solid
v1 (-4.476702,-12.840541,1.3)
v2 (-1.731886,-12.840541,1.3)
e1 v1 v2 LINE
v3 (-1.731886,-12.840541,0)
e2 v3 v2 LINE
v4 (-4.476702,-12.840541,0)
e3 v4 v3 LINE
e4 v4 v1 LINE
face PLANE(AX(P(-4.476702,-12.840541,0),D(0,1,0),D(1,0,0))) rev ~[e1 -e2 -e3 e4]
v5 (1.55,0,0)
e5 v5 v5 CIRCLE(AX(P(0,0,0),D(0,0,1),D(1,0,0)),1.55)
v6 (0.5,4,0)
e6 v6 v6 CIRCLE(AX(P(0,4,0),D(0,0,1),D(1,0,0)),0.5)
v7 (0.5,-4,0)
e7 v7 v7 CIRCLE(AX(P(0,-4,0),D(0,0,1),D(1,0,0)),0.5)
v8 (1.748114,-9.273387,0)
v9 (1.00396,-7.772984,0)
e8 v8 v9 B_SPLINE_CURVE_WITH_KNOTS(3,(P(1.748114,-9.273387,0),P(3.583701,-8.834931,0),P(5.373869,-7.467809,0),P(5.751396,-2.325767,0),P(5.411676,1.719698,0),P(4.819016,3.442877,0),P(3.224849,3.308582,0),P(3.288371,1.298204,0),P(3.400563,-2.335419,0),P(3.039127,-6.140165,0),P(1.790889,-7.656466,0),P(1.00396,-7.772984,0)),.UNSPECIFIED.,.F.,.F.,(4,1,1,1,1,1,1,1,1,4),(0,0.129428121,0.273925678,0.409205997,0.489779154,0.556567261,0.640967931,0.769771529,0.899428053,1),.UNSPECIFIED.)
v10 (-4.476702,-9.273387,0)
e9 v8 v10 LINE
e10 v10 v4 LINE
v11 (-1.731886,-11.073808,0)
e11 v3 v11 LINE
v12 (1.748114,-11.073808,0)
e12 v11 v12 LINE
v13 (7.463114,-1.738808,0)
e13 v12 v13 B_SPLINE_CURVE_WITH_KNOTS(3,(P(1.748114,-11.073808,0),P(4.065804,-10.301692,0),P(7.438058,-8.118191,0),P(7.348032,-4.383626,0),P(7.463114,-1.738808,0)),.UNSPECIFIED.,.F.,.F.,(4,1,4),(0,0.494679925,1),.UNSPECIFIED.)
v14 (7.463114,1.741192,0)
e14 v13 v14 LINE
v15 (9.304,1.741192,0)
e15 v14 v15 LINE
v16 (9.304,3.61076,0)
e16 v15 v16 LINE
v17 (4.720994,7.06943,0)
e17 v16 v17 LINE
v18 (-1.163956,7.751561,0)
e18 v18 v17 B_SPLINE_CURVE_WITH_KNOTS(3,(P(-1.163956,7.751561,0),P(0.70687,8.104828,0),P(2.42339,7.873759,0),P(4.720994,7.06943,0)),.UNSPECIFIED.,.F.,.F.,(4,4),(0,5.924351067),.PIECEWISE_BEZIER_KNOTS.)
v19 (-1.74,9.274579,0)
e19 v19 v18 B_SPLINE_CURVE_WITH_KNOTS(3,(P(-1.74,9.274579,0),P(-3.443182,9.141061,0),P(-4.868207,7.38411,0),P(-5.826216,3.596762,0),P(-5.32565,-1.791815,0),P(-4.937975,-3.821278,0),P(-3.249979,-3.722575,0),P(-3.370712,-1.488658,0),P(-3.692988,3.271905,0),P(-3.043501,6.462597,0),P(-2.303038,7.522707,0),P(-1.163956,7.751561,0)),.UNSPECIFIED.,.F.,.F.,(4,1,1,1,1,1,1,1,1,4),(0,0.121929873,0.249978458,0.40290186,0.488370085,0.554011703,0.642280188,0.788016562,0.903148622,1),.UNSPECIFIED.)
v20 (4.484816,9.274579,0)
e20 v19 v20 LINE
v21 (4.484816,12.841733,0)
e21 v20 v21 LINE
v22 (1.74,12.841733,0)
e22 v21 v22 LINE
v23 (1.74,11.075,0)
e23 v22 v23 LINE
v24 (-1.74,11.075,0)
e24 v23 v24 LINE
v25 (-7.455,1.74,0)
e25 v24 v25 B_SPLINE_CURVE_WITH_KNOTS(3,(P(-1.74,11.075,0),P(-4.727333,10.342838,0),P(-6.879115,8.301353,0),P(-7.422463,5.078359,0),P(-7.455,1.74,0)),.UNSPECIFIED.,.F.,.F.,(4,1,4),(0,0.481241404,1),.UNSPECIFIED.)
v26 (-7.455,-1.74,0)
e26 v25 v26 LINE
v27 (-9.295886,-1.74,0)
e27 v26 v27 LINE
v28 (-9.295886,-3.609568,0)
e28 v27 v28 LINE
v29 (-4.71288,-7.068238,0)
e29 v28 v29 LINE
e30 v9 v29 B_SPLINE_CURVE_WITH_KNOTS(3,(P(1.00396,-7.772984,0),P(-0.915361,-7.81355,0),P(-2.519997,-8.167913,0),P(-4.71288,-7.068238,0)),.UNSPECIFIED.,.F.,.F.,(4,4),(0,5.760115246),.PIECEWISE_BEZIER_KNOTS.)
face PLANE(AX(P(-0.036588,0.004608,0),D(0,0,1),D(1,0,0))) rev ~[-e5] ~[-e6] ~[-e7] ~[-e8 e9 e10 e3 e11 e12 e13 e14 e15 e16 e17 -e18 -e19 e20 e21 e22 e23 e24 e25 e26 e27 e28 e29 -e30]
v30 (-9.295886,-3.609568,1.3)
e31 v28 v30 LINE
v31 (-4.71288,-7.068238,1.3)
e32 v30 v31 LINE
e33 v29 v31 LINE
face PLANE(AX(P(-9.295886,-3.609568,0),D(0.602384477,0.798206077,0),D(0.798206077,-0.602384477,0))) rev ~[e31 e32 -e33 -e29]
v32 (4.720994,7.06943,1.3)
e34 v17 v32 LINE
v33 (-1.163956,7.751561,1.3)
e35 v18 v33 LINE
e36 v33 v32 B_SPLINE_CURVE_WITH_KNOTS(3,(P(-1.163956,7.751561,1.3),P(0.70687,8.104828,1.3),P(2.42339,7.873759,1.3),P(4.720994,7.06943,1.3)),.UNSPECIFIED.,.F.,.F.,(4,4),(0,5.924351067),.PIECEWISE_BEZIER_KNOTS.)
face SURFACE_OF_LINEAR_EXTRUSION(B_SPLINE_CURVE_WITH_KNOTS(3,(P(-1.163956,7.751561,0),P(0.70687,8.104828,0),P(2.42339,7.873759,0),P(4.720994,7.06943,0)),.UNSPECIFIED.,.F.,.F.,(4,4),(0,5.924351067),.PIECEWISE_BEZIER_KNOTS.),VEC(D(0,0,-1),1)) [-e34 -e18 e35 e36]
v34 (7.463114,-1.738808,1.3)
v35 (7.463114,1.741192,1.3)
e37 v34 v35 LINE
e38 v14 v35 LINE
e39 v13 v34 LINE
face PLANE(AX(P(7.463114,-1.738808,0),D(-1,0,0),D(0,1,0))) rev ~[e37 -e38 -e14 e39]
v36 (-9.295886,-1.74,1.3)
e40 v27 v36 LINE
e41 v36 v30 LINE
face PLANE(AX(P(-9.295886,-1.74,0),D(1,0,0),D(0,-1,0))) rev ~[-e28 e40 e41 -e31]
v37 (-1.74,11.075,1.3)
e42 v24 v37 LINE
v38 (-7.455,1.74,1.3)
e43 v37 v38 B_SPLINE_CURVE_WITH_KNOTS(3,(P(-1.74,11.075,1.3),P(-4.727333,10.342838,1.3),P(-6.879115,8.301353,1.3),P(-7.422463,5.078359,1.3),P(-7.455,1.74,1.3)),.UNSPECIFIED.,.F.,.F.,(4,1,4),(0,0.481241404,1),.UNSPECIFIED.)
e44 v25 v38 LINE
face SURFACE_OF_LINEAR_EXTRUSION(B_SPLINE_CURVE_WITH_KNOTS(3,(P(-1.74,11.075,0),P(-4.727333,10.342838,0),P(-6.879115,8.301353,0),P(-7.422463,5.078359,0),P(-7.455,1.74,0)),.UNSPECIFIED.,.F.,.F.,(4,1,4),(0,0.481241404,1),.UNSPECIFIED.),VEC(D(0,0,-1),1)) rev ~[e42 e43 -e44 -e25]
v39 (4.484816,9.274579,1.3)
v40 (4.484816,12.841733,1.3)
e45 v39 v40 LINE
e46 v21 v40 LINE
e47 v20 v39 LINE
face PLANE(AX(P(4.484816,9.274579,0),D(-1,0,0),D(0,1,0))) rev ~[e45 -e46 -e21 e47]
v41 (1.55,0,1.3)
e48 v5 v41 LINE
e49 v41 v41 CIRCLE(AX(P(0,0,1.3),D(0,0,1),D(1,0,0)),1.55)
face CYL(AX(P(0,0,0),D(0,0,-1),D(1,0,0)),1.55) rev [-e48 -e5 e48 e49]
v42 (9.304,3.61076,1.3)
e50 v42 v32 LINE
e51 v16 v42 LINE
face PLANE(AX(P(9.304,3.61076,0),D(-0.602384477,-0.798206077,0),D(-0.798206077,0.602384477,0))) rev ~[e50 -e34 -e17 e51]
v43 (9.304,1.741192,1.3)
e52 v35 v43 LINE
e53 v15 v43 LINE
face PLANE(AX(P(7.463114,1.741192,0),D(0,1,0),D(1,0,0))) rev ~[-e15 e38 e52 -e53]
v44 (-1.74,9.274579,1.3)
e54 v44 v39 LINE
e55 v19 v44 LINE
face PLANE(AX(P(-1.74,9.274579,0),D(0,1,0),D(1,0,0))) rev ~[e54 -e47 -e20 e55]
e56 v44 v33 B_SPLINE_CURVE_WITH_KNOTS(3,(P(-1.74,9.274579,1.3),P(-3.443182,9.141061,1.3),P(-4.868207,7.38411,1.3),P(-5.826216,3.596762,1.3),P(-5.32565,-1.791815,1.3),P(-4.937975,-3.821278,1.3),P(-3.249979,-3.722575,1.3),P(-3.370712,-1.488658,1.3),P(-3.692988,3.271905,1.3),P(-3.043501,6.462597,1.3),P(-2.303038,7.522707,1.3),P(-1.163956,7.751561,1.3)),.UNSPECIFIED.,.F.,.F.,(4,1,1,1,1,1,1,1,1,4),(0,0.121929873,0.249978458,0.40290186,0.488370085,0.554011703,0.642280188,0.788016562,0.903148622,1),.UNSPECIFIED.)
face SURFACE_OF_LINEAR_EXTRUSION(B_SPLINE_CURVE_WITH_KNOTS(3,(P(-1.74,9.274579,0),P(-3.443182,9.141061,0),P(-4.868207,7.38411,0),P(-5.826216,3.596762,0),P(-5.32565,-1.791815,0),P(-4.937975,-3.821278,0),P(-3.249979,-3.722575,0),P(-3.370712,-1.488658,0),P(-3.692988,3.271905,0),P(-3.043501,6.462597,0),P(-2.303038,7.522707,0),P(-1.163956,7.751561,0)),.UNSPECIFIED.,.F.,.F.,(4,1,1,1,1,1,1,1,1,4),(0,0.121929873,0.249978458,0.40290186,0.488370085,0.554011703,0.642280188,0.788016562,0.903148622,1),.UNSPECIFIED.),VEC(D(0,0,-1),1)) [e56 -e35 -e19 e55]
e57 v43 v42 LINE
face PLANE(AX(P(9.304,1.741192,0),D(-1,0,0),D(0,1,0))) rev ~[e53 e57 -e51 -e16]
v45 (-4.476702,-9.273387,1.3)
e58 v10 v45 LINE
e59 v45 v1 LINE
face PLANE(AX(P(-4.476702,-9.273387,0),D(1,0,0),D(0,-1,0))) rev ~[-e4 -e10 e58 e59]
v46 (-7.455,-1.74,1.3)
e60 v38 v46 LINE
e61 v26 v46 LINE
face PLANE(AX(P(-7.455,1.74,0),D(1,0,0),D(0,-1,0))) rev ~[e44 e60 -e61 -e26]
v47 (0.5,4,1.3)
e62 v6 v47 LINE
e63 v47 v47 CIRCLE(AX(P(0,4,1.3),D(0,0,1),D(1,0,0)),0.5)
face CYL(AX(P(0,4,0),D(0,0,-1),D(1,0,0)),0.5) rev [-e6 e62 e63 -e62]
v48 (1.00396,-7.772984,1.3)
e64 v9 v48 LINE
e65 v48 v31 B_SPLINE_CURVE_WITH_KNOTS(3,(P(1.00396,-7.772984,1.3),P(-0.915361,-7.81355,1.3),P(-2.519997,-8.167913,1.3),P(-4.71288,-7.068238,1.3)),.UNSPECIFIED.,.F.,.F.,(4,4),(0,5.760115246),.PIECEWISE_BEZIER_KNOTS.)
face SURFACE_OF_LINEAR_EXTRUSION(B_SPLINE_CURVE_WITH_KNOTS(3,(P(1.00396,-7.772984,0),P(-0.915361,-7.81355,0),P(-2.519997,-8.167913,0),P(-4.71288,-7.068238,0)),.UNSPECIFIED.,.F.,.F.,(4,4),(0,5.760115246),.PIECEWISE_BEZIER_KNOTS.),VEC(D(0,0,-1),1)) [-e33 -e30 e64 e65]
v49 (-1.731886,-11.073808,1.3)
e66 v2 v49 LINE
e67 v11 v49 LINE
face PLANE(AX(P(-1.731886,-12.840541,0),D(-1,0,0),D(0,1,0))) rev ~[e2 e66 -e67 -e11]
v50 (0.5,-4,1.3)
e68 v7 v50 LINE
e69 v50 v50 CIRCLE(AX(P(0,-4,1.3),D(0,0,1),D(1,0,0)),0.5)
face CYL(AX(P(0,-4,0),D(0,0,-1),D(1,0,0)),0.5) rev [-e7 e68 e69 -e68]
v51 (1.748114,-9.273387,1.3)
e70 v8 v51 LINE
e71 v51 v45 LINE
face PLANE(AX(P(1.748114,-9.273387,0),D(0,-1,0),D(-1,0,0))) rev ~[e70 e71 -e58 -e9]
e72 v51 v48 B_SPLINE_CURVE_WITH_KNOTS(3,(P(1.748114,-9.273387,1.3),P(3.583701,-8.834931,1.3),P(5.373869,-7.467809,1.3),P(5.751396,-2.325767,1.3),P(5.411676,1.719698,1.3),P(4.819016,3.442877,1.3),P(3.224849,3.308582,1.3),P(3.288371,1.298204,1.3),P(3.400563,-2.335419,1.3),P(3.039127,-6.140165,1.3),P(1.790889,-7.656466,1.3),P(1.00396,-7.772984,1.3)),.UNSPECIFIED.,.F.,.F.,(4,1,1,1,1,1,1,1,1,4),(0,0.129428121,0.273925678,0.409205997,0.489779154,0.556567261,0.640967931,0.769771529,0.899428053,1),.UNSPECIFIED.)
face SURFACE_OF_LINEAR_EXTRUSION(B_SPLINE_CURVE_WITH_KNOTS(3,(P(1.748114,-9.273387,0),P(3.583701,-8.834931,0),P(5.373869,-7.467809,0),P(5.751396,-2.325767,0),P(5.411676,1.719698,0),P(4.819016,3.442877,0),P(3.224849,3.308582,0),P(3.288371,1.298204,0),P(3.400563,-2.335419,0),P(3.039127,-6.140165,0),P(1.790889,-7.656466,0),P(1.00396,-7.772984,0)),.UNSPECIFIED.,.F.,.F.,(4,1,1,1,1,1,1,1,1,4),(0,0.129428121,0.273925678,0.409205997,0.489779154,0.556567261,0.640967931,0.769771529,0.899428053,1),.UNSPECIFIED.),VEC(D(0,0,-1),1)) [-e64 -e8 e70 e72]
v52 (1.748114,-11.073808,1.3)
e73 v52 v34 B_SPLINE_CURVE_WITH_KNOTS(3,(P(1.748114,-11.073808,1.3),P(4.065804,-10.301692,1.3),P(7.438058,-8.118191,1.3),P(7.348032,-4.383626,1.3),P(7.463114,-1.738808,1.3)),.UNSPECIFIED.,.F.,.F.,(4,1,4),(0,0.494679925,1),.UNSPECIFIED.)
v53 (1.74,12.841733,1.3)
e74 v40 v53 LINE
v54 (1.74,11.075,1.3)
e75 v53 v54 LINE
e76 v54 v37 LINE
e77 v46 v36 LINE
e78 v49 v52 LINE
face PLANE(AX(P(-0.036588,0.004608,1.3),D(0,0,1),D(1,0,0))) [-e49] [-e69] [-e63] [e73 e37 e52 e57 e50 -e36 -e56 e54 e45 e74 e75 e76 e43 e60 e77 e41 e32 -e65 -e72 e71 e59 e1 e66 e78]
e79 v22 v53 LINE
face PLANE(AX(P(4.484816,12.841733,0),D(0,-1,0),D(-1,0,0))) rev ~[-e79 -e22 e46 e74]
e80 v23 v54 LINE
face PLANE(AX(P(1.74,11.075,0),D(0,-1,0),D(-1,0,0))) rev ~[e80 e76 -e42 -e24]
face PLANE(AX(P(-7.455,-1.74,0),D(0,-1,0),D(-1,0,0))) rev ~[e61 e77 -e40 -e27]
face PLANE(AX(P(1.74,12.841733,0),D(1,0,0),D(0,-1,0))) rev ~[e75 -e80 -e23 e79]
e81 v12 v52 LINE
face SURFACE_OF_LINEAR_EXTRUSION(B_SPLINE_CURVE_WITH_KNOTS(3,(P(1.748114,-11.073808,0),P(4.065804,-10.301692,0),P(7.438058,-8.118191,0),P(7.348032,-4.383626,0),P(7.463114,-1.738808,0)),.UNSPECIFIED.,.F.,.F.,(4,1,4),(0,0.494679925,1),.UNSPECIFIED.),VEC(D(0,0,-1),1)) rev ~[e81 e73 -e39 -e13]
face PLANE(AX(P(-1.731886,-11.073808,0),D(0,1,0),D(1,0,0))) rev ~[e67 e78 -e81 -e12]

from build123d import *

# Parameters (mm, degrees)
F0_R     = 0.5
F0_R_2   = 1.55
F1_DEPTH = 1.3


with BuildPart() as f1:
    # F0 (on Top) → F1 (new body)
    with BuildSketch(Plane.XY):
        with BuildLine():
            Line((1.74, 12.8417331725), (1.74, 11.075))
            Line((1.74, 11.075), (-1.74, 11.075))
            add(Edge.make_bspline(
                [(-1.74, 11.075), (-4.7273327715, 10.3428384437), (-6.8791150281, 8.3013526165), (-7.4224630279, 5.0783587399), (-7.455, 1.74)],
                knots=[0, 0, 0, 0, 0.4812414042, 1, 1, 1, 1], degree=3))
            Line((-7.455, 1.74), (-7.455, -1.74))
            Line((-7.455, -1.74), (-9.2958863825, -1.74))
            Line((-9.2958863825, -1.74), (-9.2958863825, -3.6095678806))
            Line((-9.2958863825, -3.6095678806), (-4.7128800682, -7.068238443))
            add(Edge.make_bspline(
                [(1.0039600311, -7.7729844488), (-0.9153612579, -7.8135496005), (-2.5199967815, -8.1679134054), (-4.7128800682, -7.068238443)],
                knots=[0, 0, 0, 0, 5.7601152465, 5.7601152465, 5.7601152465, 5.7601152465], degree=3))
            add(Edge.make_bspline(
                [(1.7481137375, -9.2733869854), (3.5837007446, -8.8349313247), (5.3738685454, -7.4678090553), (5.7513956714, -2.325766588), (5.4116755269, 1.7196976377), (4.8190155411, 3.4428771073), (3.2248494118, 3.3085816476), (3.2883711109, 1.2982041977), (3.4005626002, -2.3354192905), (3.0391269919, -6.1401647206), (1.7908887673, -7.656466159), (1.0039600311, -7.7729844488)],
                knots=[0, 0, 0, 0, 0.1294281206, 0.2739256776, 0.4092059965, 0.4897791541, 0.5565672607, 0.640967931, 0.7697715286, 0.8994280533, 1, 1, 1, 1], degree=3))
            Line((1.7481137375, -9.2733869854), (-4.4767024619, -9.2733869854))
            Line((-4.4767024619, -9.2733869854), (-4.4767024619, -12.8405413015))
            Line((-4.4767024619, -12.8405413015), (-1.7318862625, -12.8405413015))
            Line((-1.7318862625, -12.8405413015), (-1.7318862625, -11.0738081289))
            Line((-1.7318862625, -11.0738081289), (1.7481137375, -11.0738081289))
            add(Edge.make_bspline(
                [(1.7481137375, -11.0738081289), (4.0658040753, -10.3016922018), (7.4380575358, -8.1181910977), (7.3480322026, -4.383626394), (7.4631137375, -1.7388081289)],
                knots=[0, 0, 0, 0, 0.4946799246, 1, 1, 1, 1], degree=3))
            Line((7.4631137375, -1.7388081289), (7.4631137375, 1.7411918711))
            Line((7.4631137375, 1.7411918711), (9.30400012, 1.7411918711))
            Line((9.30400012, 1.7411918711), (9.30400012, 3.6107597517))
            Line((9.30400012, 3.6107597517), (4.7209938057, 7.069430314))
            add(Edge.make_bspline(
                [(-1.1639558943, 7.7515612356), (0.7068699924, 8.1048281863), (2.4233902805, 7.8737586737), (4.7209938057, 7.069430314)],
                knots=[0, 0, 0, 0, 5.924351067, 5.924351067, 5.924351067, 5.924351067], degree=3))
            add(Edge.make_bspline(
                [(-1.74, 9.2745788564), (-3.443182133, 9.1410607311), (-4.8682070918, 7.3841096057), (-5.8262158887, 3.5967619402), (-5.3256497119, -1.7918147689), (-4.937975165, -3.821278321), (-3.2499785962, -3.7225747303), (-3.370712447, -1.488657614), (-3.6929877497, 3.2719045649), (-3.0435014985, 6.462596737), (-2.3030377738, 7.5227073453), (-1.1639558943, 7.7515612356)],
                knots=[0, 0, 0, 0, 0.1219298731, 0.2499784576, 0.4029018598, 0.4883700846, 0.5540117031, 0.6422801879, 0.7880165621, 0.9031486216, 1, 1, 1, 1], degree=3))
            Line((-1.74, 9.2745788564), (4.4848161994, 9.2745788564))
            Line((4.4848161994, 9.2745788564), (4.4848161994, 12.8417331725))
            Line((4.4848161994, 12.8417331725), (1.74, 12.8417331725))
        make_face()
        with Locations((0, -4)):
            Circle(F0_R, mode=Mode.SUBTRACT)
        Circle(F0_R_2, mode=Mode.SUBTRACT)
        with Locations((0, 4)):
            Circle(F0_R, mode=Mode.SUBTRACT)
    extrude(amount=F1_DEPTH)


solid = f1.part
